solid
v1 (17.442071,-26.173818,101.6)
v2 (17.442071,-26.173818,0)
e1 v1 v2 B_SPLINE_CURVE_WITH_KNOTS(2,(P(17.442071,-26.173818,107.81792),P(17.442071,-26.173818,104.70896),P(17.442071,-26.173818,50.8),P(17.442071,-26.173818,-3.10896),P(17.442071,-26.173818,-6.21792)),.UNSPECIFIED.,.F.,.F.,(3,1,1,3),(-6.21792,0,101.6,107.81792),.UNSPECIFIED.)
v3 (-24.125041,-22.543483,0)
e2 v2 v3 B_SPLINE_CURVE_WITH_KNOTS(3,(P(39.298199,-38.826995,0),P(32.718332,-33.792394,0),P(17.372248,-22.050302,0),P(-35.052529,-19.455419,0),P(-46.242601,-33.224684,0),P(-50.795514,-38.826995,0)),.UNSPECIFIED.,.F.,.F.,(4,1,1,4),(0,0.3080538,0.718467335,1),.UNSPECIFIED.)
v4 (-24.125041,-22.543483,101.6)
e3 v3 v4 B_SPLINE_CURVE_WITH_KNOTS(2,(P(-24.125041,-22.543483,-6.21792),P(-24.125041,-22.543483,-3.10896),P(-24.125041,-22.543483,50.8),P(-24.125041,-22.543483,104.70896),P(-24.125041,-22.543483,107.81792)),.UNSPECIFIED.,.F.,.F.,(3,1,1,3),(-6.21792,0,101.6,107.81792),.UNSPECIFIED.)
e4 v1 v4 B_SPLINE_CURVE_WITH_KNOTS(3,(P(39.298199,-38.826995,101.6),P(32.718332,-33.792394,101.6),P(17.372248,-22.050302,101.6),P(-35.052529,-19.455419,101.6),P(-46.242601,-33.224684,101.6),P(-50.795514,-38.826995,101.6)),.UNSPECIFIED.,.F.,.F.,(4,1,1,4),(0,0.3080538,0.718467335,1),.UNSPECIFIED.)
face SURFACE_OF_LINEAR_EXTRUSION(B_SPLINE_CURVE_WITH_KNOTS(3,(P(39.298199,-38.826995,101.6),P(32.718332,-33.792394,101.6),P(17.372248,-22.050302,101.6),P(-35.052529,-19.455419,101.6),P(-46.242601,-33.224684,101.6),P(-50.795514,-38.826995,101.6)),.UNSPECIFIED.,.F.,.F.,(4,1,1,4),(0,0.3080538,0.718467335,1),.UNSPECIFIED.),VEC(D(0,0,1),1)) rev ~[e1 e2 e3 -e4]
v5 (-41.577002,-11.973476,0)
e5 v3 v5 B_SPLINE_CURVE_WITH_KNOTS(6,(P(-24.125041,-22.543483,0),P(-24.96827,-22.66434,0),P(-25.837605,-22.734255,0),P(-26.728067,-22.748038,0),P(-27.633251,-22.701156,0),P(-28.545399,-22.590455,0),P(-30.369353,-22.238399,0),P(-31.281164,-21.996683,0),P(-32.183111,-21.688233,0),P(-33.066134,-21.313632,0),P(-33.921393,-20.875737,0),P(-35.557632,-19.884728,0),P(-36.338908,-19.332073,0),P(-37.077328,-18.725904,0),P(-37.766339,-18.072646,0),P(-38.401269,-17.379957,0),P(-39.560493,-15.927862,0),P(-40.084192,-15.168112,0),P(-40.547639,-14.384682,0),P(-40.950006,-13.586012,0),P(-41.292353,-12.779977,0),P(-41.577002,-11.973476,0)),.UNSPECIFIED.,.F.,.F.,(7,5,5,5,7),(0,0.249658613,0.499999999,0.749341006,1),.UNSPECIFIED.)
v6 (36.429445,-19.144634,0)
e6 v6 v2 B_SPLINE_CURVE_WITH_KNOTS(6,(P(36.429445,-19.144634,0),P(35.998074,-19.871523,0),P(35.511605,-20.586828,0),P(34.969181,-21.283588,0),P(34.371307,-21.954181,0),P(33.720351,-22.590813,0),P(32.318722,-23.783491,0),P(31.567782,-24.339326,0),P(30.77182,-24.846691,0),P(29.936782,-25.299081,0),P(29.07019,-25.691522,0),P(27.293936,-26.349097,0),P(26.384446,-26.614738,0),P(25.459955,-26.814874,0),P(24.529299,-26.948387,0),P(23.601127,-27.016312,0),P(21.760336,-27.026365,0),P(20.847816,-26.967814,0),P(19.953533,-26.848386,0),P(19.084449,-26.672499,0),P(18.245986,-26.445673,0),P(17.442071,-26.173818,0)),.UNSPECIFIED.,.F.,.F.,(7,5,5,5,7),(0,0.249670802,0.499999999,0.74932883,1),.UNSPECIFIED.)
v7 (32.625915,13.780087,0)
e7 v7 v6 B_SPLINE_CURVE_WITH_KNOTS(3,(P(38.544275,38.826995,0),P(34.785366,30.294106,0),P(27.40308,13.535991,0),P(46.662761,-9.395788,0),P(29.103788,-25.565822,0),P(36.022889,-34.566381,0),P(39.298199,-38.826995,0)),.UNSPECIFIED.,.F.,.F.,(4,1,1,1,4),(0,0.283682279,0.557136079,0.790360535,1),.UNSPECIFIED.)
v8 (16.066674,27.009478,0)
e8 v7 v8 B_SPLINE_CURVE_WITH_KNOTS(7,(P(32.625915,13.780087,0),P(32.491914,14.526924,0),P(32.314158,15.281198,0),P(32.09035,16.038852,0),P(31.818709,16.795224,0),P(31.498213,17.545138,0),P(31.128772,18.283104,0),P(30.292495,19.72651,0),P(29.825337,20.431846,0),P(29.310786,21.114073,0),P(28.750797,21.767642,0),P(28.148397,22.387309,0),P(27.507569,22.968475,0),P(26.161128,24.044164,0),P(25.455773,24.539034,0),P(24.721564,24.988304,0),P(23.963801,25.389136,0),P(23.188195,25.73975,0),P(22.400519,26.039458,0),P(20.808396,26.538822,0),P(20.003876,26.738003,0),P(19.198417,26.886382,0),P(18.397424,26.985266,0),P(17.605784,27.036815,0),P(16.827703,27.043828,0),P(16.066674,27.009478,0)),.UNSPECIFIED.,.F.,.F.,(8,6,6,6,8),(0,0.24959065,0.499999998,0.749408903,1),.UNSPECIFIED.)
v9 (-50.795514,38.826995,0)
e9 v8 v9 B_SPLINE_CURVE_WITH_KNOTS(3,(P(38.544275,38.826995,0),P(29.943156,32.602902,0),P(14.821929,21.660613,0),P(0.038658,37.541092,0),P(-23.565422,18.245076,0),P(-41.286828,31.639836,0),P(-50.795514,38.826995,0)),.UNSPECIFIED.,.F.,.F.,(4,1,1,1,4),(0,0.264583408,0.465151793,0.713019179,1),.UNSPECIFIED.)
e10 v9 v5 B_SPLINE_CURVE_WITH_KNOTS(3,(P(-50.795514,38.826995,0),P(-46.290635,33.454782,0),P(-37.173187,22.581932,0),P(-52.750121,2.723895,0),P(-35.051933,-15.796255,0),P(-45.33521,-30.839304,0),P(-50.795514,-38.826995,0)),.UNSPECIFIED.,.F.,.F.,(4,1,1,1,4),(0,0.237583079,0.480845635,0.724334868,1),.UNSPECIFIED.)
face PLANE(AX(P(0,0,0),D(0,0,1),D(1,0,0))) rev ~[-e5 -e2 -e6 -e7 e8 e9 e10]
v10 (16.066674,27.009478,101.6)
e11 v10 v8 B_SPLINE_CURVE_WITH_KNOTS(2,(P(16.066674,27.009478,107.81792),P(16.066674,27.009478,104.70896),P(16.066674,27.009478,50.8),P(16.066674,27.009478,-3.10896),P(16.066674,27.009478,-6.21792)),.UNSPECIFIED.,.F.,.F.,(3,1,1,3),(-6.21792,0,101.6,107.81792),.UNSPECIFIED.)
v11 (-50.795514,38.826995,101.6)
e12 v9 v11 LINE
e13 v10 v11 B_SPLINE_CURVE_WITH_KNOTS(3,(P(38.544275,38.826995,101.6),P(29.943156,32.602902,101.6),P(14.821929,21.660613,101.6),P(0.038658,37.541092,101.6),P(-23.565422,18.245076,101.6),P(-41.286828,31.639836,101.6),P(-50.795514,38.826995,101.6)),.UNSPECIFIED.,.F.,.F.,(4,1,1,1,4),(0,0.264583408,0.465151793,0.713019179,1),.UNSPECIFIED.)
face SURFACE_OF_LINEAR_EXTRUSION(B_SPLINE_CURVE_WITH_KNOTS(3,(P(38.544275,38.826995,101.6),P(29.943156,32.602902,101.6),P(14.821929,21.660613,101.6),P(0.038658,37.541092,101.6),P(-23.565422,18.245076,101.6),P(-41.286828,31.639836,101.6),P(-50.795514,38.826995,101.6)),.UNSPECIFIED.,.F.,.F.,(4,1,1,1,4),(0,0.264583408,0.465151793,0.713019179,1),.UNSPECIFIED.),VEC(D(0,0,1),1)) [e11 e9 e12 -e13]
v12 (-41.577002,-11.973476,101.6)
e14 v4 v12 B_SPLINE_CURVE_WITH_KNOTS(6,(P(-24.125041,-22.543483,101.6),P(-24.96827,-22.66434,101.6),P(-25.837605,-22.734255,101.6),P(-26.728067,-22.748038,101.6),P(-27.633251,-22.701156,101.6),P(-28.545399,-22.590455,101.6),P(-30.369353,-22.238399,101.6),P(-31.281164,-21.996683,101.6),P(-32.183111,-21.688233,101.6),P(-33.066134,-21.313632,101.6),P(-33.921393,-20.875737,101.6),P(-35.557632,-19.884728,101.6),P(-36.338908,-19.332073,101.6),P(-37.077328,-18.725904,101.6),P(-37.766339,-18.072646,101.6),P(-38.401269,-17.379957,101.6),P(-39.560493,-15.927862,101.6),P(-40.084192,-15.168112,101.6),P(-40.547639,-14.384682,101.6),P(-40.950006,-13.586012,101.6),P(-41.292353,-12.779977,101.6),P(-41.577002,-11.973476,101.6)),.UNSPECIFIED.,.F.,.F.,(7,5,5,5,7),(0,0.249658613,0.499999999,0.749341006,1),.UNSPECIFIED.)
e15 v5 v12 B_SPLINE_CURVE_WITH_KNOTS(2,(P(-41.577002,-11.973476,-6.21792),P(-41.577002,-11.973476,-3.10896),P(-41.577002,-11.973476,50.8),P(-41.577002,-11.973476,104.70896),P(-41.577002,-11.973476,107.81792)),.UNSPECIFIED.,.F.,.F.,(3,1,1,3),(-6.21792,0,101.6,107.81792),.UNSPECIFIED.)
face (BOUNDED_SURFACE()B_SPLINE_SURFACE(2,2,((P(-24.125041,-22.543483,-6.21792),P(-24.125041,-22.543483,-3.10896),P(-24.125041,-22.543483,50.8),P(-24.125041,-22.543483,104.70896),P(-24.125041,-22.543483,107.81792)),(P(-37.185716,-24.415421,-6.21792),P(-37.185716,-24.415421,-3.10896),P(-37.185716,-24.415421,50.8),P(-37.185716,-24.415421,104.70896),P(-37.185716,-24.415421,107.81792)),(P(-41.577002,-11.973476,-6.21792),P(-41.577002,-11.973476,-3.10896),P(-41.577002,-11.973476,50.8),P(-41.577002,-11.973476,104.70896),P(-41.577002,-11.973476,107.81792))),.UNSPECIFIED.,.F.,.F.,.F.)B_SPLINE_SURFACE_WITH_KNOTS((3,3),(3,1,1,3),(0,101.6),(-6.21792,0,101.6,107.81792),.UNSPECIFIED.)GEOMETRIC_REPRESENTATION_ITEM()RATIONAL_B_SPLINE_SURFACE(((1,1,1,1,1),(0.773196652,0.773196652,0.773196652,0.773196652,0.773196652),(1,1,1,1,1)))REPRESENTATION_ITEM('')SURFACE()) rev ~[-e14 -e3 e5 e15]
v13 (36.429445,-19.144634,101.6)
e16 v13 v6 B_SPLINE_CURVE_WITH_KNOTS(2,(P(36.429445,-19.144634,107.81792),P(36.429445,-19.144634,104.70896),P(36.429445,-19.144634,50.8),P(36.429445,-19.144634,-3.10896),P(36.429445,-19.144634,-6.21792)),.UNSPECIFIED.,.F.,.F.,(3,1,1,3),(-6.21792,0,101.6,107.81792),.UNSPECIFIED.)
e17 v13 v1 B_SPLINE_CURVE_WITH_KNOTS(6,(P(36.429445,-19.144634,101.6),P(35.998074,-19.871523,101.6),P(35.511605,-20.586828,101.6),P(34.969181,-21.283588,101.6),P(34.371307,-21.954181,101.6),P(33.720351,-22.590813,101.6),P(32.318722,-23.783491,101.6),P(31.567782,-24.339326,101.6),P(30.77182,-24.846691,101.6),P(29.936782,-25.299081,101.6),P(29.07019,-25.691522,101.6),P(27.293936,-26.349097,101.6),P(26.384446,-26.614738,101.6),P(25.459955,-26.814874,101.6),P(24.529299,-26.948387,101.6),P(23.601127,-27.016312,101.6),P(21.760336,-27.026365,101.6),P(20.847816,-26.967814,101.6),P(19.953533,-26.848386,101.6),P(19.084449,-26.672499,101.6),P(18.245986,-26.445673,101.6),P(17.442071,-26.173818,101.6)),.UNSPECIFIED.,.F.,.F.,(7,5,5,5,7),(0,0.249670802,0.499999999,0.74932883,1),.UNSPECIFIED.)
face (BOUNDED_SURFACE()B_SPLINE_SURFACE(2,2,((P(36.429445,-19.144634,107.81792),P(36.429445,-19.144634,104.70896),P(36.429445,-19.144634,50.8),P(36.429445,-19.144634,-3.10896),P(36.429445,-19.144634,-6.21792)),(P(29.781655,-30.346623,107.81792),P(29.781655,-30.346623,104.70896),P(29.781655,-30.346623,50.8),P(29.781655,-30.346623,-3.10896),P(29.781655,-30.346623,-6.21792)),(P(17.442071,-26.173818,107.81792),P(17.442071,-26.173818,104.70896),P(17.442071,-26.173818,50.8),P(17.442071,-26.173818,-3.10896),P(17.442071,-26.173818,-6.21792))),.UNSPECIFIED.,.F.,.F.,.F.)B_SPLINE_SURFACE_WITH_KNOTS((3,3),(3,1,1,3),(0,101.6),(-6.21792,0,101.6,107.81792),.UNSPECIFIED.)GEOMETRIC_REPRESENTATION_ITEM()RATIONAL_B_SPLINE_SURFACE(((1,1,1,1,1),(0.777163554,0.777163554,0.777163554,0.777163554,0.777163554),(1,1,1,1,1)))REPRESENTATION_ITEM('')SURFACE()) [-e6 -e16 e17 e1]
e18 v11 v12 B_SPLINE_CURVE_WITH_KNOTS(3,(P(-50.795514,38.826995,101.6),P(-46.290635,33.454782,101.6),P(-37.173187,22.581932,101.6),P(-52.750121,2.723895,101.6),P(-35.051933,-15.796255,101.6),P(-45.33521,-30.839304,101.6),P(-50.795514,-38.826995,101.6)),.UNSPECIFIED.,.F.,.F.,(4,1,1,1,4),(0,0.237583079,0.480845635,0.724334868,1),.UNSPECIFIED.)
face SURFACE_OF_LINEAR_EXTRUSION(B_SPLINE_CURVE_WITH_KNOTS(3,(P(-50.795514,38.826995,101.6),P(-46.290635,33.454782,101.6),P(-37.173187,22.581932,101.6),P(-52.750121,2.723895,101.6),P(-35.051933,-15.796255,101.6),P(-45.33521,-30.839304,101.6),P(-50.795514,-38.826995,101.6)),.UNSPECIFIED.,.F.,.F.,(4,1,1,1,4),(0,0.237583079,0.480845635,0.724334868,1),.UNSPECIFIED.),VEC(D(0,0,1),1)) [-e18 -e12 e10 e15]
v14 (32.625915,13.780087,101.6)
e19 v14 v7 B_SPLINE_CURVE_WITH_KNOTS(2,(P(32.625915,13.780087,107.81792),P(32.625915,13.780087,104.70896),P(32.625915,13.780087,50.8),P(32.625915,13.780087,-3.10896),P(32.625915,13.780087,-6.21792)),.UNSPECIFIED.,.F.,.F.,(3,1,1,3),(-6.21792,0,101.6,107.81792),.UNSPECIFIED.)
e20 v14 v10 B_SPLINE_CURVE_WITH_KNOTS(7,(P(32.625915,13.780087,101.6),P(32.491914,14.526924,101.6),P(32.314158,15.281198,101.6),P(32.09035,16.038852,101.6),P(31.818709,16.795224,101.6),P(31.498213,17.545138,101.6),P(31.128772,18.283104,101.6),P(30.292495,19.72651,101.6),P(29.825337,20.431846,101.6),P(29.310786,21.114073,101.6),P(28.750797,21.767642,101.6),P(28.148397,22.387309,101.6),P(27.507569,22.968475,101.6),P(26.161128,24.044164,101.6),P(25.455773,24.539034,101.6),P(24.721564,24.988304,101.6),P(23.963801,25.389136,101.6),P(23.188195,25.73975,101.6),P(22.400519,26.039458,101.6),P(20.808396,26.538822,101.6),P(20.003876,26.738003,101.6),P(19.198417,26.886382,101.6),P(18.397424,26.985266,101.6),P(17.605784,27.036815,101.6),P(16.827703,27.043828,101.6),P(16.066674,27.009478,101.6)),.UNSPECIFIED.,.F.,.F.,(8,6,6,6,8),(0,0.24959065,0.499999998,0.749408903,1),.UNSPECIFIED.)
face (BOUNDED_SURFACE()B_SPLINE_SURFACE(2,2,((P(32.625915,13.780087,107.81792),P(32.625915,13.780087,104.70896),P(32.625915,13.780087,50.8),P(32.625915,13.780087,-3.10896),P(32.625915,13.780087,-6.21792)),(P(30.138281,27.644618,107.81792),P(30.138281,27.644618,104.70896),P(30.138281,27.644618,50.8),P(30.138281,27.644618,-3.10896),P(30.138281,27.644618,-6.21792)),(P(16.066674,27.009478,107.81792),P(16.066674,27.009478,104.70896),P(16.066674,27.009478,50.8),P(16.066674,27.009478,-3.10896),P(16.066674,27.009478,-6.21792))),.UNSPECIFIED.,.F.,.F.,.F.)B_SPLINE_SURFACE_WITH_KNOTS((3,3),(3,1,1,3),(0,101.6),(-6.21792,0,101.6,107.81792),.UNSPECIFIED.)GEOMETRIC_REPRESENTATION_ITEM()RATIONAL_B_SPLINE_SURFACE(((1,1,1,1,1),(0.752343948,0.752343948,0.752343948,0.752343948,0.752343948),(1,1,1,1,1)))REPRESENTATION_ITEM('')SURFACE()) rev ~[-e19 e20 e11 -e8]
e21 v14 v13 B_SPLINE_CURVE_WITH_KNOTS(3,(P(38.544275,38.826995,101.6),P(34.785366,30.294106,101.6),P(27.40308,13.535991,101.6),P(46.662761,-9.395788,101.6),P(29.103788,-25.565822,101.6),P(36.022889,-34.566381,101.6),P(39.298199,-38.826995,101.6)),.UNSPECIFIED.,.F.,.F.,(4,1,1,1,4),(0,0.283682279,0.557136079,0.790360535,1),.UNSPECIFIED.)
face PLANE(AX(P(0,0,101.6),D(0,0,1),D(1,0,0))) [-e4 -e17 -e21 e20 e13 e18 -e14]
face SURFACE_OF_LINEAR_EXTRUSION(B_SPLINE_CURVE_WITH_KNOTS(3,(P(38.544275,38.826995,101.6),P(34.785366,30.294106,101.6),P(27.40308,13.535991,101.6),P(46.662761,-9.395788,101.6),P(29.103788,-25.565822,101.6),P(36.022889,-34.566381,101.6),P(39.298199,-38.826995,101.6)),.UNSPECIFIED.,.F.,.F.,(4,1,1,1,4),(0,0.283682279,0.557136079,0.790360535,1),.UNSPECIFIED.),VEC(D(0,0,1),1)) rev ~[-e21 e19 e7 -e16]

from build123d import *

# Parameters (mm, degrees)
F0_W     = 101.5910282731
F0_H     = 77.6539891958
F1_DEPTH = 101.6
F3_DEPTH = 101.6
F5_DEPTH = 101.6
F7_DEPTH = 101.6
F9_DEPTH = 101.6
F10_R    = 16.0867356871


with BuildPart() as f1:
    # F0 (on Top) → F1 (new body)
    with BuildSketch(Plane.XY):
        Rectangle(F0_W, F0_H)
    extrude(amount=F1_DEPTH)

    # F2 (on face) → F3 (cut)
    with BuildSketch(Plane.XY.offset(101.6)):
        with BuildLine():
            Line((50.7955141366, 38.8269945979), (38.5442748666, 38.8269945979))
            add(Edge.make_bspline(
                [(38.5442748666, 38.8269945979), (34.7853659664, 30.2941058652), (27.4030797948, 13.5359911654), (46.6627614991, -9.3957882173), (29.103787605, -25.5658223286), (36.0228889451, -34.5663805962), (39.2981991172, -38.8269945979)],
                knots=[0, 0, 0, 0, 0.283682279, 0.5571360789, 0.7903605347, 1, 1, 1, 1], degree=3))
            Line((39.2981991172, -38.8269945979), (50.7955141366, -38.8269945979))
            Line((50.7955141366, -38.8269945979), (50.7955141366, 38.8269945979))
        make_face()
    extrude(amount=-F3_DEPTH, mode=Mode.SUBTRACT)

    # F4 (on face) → F5 (cut)
    with BuildSketch(Plane.XY.offset(101.6)):
        with BuildLine():
            add(Edge.make_bspline(
                [(38.5442748666, 38.8269945979), (29.9431561562, 32.6029015251), (14.8219290997, 21.6606127667), (0.0386577819, 37.5410923501), (-23.565421963, 18.2450760846), (-41.2868280887, 31.6398356211), (-50.7955141366, 38.8269945979)],
                knots=[0, 0, 0, 0, 0.2645834083, 0.4651517933, 0.7130191789, 1, 1, 1, 1], degree=3))
            Line((38.5442748666, 38.8269945979), (-50.7955141366, 38.8269945979))
        make_face()
    extrude(amount=-F5_DEPTH, mode=Mode.SUBTRACT)

    # F6 (on face) → F7 (cut)
    with BuildSketch(Plane.XY.offset(101.6)):
        with BuildLine():
            add(Edge.make_bspline(
                [(-50.7955141366, 38.8269945979), (-46.2906352529, 33.4547816389), (-37.173187337, 22.5819317548), (-52.7501205698, 2.7238951898), (-35.0519329818, -15.7962550208), (-45.3352097584, -30.839304446), (-50.7955141366, -38.8269945979)],
                knots=[0, 0, 0, 0, 0.2375830787, 0.4808456346, 0.7243348676, 1, 1, 1, 1], degree=3))
            Line((-50.7955141366, 38.8269945979), (-50.7955141366, -38.8269945979))
        make_face()
    extrude(amount=-F7_DEPTH, mode=Mode.SUBTRACT)

    # F8 (on face) → F9 (cut)
    with BuildSketch(Plane.XY.offset(101.6)):
        with BuildLine():
            Line((-50.7955141366, -38.8269945979), (39.2981991172, -38.8269945979))
            add(Edge.make_bspline(
                [(39.2981991172, -38.8269945979), (32.7183320176, -33.7923939712), (17.3722477055, -22.0503018399), (-35.0525291727, -19.4554191131), (-46.2426012078, -33.2246836844), (-50.7955141366, -38.8269945979)],
                knots=[0, 0, 0, 0, 0.3080537995, 0.7184673349, 1, 1, 1, 1], degree=3))
        make_face()
    extrude(amount=-F9_DEPTH, mode=Mode.SUBTRACT)

    # F10
    f10_edges = [f1.edges().sort_by_distance(p)[0] for p in [
        (-50.795514, -38.826995, 50.8),
        (39.298199, -38.826995, 50.8),
        (38.544275, 38.826995, 50.8),
    ]]
    fillet(f10_edges, radius=F10_R)


solid = f1.part
